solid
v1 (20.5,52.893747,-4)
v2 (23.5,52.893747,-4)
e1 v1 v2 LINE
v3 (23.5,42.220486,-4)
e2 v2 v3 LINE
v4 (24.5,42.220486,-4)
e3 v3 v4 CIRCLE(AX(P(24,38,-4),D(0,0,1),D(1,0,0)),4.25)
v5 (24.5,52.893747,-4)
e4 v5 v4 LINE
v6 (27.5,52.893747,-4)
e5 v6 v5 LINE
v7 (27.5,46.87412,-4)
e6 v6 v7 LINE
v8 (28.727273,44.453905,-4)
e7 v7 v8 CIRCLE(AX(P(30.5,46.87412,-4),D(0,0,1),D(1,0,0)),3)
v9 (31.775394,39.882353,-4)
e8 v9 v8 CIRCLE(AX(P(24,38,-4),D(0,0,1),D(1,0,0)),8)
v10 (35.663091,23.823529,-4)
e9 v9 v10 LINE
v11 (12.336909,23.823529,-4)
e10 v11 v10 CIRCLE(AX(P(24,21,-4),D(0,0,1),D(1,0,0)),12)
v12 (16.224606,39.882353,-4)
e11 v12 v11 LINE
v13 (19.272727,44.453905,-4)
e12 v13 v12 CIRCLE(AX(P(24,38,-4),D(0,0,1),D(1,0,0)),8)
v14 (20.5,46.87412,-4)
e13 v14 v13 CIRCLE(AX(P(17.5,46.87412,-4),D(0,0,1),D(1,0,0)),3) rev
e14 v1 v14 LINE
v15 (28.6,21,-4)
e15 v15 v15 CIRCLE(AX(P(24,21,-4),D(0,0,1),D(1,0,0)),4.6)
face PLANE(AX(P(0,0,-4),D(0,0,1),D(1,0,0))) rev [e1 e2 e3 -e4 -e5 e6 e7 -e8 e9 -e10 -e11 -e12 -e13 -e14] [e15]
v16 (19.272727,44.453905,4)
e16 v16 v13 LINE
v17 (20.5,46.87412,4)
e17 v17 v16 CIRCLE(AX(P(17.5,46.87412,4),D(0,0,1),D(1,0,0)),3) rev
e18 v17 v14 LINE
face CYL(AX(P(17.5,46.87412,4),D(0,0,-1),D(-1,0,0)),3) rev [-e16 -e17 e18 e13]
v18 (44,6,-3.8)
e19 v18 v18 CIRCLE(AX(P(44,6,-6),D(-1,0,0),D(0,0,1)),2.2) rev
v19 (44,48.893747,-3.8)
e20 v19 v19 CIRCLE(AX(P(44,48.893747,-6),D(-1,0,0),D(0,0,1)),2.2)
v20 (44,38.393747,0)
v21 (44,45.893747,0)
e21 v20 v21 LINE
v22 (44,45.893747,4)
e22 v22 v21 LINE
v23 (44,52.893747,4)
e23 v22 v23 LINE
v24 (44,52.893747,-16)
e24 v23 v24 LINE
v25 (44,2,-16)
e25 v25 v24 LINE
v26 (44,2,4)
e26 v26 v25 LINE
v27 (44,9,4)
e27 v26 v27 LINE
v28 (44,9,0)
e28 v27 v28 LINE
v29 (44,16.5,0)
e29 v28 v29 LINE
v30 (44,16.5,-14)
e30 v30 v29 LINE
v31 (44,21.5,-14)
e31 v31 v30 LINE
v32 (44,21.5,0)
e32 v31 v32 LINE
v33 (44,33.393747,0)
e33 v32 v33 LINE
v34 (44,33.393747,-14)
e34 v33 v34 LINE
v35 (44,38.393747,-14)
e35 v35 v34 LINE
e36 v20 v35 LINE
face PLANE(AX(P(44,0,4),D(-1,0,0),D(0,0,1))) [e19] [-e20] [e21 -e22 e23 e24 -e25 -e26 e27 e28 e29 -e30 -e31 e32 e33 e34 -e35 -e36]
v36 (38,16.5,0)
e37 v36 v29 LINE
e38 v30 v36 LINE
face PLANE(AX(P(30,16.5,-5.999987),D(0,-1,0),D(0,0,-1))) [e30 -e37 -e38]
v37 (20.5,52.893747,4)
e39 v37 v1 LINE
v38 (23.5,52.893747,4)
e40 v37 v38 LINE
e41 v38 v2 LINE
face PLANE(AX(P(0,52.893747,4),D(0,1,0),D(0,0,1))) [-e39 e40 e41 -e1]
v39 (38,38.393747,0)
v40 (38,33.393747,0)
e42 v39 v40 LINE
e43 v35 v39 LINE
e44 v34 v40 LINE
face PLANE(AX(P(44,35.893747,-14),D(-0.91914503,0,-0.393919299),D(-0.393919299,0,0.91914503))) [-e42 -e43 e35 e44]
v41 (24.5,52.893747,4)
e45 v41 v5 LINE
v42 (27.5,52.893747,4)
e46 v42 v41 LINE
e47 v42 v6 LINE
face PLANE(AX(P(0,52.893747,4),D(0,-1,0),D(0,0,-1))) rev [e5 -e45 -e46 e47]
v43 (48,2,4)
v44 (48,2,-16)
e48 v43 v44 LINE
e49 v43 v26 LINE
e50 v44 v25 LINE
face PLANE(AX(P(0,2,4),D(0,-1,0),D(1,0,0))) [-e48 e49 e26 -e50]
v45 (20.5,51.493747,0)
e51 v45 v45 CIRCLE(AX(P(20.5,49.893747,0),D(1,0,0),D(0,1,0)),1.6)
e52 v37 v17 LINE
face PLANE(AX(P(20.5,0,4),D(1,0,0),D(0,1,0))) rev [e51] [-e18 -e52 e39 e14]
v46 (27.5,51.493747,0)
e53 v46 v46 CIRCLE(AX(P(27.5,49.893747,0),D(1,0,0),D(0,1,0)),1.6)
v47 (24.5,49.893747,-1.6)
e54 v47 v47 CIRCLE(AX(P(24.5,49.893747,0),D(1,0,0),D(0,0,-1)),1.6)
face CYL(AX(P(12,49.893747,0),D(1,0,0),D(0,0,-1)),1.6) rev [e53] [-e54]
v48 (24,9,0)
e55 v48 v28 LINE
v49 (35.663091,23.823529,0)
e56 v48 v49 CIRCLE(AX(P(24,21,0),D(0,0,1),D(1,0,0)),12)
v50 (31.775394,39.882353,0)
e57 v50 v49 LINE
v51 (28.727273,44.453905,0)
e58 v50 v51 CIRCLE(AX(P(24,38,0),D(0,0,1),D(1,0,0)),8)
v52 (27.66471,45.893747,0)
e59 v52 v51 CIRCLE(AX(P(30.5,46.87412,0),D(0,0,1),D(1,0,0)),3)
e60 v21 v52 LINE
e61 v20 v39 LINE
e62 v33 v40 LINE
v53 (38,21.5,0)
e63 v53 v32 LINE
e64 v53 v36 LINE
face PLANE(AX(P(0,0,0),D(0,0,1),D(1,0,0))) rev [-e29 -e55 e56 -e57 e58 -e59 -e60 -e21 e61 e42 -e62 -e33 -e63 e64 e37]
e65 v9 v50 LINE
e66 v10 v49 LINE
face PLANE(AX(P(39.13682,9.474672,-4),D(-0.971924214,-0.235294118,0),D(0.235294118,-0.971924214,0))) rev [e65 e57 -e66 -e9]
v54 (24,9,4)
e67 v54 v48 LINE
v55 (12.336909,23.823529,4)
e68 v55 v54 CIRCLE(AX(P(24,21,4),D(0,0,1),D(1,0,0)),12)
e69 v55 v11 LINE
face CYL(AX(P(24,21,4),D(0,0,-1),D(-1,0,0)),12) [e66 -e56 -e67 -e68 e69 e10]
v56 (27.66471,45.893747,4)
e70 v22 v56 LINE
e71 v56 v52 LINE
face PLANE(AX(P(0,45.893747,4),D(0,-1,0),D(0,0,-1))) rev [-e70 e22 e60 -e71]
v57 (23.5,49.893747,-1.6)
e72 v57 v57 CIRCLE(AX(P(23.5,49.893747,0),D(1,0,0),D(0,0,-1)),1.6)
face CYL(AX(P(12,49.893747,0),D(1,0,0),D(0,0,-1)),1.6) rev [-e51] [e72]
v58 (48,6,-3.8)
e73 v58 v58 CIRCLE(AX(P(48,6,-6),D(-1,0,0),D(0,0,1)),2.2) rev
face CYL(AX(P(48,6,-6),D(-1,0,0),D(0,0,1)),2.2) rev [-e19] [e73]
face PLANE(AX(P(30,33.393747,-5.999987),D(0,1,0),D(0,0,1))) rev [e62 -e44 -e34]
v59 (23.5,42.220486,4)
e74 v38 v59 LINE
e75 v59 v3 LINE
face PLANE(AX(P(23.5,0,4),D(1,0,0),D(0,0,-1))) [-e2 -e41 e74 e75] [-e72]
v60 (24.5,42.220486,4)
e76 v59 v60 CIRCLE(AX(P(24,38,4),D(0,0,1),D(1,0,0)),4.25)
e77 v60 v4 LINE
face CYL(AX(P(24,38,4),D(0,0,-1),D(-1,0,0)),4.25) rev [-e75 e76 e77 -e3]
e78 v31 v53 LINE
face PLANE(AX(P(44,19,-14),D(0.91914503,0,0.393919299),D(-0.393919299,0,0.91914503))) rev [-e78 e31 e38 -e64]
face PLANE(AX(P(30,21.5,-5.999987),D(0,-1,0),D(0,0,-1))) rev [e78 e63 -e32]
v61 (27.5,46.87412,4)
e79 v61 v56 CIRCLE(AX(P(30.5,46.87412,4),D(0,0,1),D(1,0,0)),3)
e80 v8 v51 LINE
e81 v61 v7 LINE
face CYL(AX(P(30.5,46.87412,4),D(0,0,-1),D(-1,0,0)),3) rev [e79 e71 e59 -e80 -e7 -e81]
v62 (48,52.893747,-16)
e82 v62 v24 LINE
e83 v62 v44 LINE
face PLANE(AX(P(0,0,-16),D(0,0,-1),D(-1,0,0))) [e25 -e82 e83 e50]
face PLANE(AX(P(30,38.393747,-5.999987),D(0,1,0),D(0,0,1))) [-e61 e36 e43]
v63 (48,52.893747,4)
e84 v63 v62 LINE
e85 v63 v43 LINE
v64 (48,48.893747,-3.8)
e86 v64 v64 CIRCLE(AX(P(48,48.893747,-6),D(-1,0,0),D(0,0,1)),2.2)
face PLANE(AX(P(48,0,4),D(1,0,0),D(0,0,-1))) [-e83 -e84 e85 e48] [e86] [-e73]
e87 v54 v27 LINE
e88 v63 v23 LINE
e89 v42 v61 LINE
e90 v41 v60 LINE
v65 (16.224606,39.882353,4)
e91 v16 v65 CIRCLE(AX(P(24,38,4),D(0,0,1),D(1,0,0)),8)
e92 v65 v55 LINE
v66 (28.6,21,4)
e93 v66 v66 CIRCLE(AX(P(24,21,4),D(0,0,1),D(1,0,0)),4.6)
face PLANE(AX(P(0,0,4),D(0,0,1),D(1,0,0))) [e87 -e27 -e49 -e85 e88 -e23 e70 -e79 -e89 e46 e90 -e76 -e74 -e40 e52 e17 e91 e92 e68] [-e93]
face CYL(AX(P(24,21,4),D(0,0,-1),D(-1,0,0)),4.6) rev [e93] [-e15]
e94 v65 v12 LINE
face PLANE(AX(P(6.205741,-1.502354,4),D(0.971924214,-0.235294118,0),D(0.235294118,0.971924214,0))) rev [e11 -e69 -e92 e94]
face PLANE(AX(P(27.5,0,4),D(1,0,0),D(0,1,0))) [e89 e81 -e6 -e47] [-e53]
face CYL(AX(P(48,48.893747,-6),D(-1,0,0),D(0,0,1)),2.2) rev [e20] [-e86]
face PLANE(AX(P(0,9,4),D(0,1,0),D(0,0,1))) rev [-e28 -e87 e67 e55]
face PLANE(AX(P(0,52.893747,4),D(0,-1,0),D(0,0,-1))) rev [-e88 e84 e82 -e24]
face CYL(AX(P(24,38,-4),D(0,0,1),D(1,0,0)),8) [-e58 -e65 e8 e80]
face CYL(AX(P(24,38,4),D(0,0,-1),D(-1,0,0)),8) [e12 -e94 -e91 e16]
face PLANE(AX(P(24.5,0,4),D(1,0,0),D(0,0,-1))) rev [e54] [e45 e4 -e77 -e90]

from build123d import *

# Parameters (mm, degrees)
SKETCH_1_R          = 4.6
EXTRUDE_1_DEPTH     = 4
EXTRUDE_START       = -4
SKETCH_1_4_R        = 4.6
EXTRUDE_2_DEPTH     = 4
EXTRUDE_3_DEPTH     = 12
SKETCH_4_R          = 2.2
CUT_EXTRUDE_2_DEPTH = 64.857250973
SKETCH_4_3_R        = 1.6
CUT_EXTRUDE_3_DEPTH = 64.857250973
RIB_6_REACH         = 62.9
SKETCH_6_WALL_W     = 139.031153846
SKETCH_6_WALL_H     = 5
RIB_7_REACH         = 62.9
SKETCH_8_WALL_W     = 139.031153846
SKETCH_8_WALL_H     = 5


with BuildPart() as part:
    # 草图1 → 凸台-拉伸1 (new body)
    with BuildSketch(Plane.XY):
        with BuildLine():
            ThreePointArc((19.272727273, 44.453905218), (17.343879539, 42.438024382), (16.224606286, 39.882352941))
            Line((16.224606286, 39.882352941), (12.336909429, 23.823529412))
            ThreePointArc((12.336909429, 23.823529412), (14.569137024, 13.579836691), (24, 9))
            Line((24, 9), (44, 9))
            Line((44, 9), (44, 2))
            Line((44, 2), (48, 2))
            Line((48, 2), (48, 52.893747285))
            Line((48, 52.893747285), (44, 52.893747285))
            Line((44, 52.893747285), (44, 45.893747285))
            Line((44, 45.893747285), (27.664709895, 45.893747285))
            ThreePointArc((27.664709895, 45.893747285), (27.541464018, 46.377063498), (27.5, 46.874119675))
            Line((27.5, 46.874119675), (27.5, 52.893747285))
            Line((27.5, 52.893747285), (24.5, 52.893747285))
            Line((24.5, 52.893747285), (24.5, 42.220485754))
            ThreePointArc((24.5, 42.220485754), (24, 33.75), (23.5, 42.220485754))
            Line((23.5, 42.220485754), (23.5, 52.893747285))
            Line((23.5, 52.893747285), (20.5, 52.893747285))
            Line((20.5, 52.893747285), (20.5, 46.874119675))
            ThreePointArc((20.5, 46.874119675), (20.458535982, 46.377063498), (20.335290105, 45.893747285))
            ThreePointArc((20.335290105, 45.893747285), (19.913864605, 45.092755684), (19.272727273, 44.453905218))
        make_face()
        with Locations((24, 21)):
            Circle(SKETCH_1_R, mode=Mode.SUBTRACT)
    extrude(amount=EXTRUDE_1_DEPTH)

    # 草图1<4> → 凸台-拉伸2 (add)
    # profile 1 of 2: a face of its own
    with BuildSketch(Plane.XY.offset(EXTRUDE_START)):
        Polygon((44, 45.893747285), (44, 52.893747285), (48, 52.893747285), (48, 2), (44, 2), (44, 9), align=None)
    # profile 2 of 2: a face of its own
    with BuildSketch(Plane.XY.offset(EXTRUDE_START)):
        with BuildLine():
            ThreePointArc((27.5, 46.874119675), (27.824352245, 45.517318624), (28.727272727, 44.453905218))
            ThreePointArc((28.727272727, 44.453905218), (30.656120461, 42.438024382), (31.775393714, 39.882352941))
            Line((31.775393714, 39.882352941), (35.663090571, 23.823529412))
            ThreePointArc((35.663090571, 23.823529412), (24, 9), (12.336909429, 23.823529412))
            Line((12.336909429, 23.823529412), (16.224606286, 39.882352941))
            ThreePointArc((16.224606286, 39.882352941), (17.343879539, 42.438024382), (19.272727273, 44.453905218))
            ThreePointArc((19.272727273, 44.453905218), (20.175647755, 45.517318624), (20.5, 46.874119675))
            Line((20.5, 46.874119675), (20.5, 52.893747285))
            Line((20.5, 52.893747285), (23.5, 52.893747285))
            Line((23.5, 52.893747285), (23.5, 42.220485754))
            ThreePointArc((23.5, 42.220485754), (24, 33.75), (24.5, 42.220485754))
            Line((24.5, 42.220485754), (24.5, 52.893747285))
            Line((24.5, 52.893747285), (27.5, 52.893747285))
            Line((27.5, 52.893747285), (27.5, 46.874119675))
        make_face()
        with Locations((24, 21)):
            Circle(SKETCH_1_4_R, mode=Mode.SUBTRACT)
    extrude(amount=EXTRUDE_2_DEPTH)

    # 草图1<5> → 凸台-拉伸3 (add)
    with BuildSketch(Plane.XY.offset(EXTRUDE_START)):
        Polygon((44, 45.893747285), (44, 52.893747285), (48, 52.893747285), (48, 2), (44, 2), (44, 9), align=None)
    extrude(amount=-EXTRUDE_3_DEPTH)

    # 草图4 → 切除-拉伸2 (cut, through all)
    with BuildSketch(Plane(origin=(44, 0, 0), x_dir=(0, 0, -1), z_dir=(1, 0, 0))):
        with Locations(Location((6, 6, 0), (0, 0, 180))):
            Circle(SKETCH_4_R)
        with Locations(Location((6, 48.893747285, 0), (0, 0, 180))):
            Circle(SKETCH_4_R)
    extrude(amount=CUT_EXTRUDE_2_DEPTH, mode=Mode.SUBTRACT)

    # 草图4<3> → 切除-拉伸3 (cut, through all)
    with BuildSketch(Plane(origin=(44, 0, 0), x_dir=(0, 0, -1), z_dir=(1, 0, 0))):
        with Locations((0, 49.893747285)):
            Circle(SKETCH_4_3_R)
    extrude(amount=-CUT_EXTRUDE_3_DEPTH, mode=Mode.SUBTRACT)

    # 草图6 wall → 筋6 (add, up to next)
    with BuildSketch(Plane(origin=(41, 19, -7), x_dir=(-0.393919298579, 0, 0.919145030018), z_dir=(-0.919145030018, 0, -0.393919298579)), mode=Mode.PRIVATE) as rib_6_sk1:
        Rectangle(SKETCH_6_WALL_W, SKETCH_6_WALL_H)
    rib_6_tool1 = extrude(rib_6_sk1.sketch, amount=-RIB_6_REACH, mode=Mode.PRIVATE) - part.part
    add(rib_6_tool1.solids().sort_by_distance((41, 19, -7))[0])

    # 草图8 wall → 筋7 (add, up to next)
    with BuildSketch(Plane(origin=(41, 35.893747285, -7), x_dir=(-0.393919298579, 0, 0.919145030018), z_dir=(0.919145030018, 0, 0.393919298579)), mode=Mode.PRIVATE) as rib_7_sk1:
        Rectangle(SKETCH_8_WALL_W, SKETCH_8_WALL_H)
    rib_7_tool1 = extrude(rib_7_sk1.sketch, amount=RIB_7_REACH, mode=Mode.PRIVATE) - part.part
    add(rib_7_tool1.solids().sort_by_distance((41, 35.893747285, -7))[0])


solid = part.part
